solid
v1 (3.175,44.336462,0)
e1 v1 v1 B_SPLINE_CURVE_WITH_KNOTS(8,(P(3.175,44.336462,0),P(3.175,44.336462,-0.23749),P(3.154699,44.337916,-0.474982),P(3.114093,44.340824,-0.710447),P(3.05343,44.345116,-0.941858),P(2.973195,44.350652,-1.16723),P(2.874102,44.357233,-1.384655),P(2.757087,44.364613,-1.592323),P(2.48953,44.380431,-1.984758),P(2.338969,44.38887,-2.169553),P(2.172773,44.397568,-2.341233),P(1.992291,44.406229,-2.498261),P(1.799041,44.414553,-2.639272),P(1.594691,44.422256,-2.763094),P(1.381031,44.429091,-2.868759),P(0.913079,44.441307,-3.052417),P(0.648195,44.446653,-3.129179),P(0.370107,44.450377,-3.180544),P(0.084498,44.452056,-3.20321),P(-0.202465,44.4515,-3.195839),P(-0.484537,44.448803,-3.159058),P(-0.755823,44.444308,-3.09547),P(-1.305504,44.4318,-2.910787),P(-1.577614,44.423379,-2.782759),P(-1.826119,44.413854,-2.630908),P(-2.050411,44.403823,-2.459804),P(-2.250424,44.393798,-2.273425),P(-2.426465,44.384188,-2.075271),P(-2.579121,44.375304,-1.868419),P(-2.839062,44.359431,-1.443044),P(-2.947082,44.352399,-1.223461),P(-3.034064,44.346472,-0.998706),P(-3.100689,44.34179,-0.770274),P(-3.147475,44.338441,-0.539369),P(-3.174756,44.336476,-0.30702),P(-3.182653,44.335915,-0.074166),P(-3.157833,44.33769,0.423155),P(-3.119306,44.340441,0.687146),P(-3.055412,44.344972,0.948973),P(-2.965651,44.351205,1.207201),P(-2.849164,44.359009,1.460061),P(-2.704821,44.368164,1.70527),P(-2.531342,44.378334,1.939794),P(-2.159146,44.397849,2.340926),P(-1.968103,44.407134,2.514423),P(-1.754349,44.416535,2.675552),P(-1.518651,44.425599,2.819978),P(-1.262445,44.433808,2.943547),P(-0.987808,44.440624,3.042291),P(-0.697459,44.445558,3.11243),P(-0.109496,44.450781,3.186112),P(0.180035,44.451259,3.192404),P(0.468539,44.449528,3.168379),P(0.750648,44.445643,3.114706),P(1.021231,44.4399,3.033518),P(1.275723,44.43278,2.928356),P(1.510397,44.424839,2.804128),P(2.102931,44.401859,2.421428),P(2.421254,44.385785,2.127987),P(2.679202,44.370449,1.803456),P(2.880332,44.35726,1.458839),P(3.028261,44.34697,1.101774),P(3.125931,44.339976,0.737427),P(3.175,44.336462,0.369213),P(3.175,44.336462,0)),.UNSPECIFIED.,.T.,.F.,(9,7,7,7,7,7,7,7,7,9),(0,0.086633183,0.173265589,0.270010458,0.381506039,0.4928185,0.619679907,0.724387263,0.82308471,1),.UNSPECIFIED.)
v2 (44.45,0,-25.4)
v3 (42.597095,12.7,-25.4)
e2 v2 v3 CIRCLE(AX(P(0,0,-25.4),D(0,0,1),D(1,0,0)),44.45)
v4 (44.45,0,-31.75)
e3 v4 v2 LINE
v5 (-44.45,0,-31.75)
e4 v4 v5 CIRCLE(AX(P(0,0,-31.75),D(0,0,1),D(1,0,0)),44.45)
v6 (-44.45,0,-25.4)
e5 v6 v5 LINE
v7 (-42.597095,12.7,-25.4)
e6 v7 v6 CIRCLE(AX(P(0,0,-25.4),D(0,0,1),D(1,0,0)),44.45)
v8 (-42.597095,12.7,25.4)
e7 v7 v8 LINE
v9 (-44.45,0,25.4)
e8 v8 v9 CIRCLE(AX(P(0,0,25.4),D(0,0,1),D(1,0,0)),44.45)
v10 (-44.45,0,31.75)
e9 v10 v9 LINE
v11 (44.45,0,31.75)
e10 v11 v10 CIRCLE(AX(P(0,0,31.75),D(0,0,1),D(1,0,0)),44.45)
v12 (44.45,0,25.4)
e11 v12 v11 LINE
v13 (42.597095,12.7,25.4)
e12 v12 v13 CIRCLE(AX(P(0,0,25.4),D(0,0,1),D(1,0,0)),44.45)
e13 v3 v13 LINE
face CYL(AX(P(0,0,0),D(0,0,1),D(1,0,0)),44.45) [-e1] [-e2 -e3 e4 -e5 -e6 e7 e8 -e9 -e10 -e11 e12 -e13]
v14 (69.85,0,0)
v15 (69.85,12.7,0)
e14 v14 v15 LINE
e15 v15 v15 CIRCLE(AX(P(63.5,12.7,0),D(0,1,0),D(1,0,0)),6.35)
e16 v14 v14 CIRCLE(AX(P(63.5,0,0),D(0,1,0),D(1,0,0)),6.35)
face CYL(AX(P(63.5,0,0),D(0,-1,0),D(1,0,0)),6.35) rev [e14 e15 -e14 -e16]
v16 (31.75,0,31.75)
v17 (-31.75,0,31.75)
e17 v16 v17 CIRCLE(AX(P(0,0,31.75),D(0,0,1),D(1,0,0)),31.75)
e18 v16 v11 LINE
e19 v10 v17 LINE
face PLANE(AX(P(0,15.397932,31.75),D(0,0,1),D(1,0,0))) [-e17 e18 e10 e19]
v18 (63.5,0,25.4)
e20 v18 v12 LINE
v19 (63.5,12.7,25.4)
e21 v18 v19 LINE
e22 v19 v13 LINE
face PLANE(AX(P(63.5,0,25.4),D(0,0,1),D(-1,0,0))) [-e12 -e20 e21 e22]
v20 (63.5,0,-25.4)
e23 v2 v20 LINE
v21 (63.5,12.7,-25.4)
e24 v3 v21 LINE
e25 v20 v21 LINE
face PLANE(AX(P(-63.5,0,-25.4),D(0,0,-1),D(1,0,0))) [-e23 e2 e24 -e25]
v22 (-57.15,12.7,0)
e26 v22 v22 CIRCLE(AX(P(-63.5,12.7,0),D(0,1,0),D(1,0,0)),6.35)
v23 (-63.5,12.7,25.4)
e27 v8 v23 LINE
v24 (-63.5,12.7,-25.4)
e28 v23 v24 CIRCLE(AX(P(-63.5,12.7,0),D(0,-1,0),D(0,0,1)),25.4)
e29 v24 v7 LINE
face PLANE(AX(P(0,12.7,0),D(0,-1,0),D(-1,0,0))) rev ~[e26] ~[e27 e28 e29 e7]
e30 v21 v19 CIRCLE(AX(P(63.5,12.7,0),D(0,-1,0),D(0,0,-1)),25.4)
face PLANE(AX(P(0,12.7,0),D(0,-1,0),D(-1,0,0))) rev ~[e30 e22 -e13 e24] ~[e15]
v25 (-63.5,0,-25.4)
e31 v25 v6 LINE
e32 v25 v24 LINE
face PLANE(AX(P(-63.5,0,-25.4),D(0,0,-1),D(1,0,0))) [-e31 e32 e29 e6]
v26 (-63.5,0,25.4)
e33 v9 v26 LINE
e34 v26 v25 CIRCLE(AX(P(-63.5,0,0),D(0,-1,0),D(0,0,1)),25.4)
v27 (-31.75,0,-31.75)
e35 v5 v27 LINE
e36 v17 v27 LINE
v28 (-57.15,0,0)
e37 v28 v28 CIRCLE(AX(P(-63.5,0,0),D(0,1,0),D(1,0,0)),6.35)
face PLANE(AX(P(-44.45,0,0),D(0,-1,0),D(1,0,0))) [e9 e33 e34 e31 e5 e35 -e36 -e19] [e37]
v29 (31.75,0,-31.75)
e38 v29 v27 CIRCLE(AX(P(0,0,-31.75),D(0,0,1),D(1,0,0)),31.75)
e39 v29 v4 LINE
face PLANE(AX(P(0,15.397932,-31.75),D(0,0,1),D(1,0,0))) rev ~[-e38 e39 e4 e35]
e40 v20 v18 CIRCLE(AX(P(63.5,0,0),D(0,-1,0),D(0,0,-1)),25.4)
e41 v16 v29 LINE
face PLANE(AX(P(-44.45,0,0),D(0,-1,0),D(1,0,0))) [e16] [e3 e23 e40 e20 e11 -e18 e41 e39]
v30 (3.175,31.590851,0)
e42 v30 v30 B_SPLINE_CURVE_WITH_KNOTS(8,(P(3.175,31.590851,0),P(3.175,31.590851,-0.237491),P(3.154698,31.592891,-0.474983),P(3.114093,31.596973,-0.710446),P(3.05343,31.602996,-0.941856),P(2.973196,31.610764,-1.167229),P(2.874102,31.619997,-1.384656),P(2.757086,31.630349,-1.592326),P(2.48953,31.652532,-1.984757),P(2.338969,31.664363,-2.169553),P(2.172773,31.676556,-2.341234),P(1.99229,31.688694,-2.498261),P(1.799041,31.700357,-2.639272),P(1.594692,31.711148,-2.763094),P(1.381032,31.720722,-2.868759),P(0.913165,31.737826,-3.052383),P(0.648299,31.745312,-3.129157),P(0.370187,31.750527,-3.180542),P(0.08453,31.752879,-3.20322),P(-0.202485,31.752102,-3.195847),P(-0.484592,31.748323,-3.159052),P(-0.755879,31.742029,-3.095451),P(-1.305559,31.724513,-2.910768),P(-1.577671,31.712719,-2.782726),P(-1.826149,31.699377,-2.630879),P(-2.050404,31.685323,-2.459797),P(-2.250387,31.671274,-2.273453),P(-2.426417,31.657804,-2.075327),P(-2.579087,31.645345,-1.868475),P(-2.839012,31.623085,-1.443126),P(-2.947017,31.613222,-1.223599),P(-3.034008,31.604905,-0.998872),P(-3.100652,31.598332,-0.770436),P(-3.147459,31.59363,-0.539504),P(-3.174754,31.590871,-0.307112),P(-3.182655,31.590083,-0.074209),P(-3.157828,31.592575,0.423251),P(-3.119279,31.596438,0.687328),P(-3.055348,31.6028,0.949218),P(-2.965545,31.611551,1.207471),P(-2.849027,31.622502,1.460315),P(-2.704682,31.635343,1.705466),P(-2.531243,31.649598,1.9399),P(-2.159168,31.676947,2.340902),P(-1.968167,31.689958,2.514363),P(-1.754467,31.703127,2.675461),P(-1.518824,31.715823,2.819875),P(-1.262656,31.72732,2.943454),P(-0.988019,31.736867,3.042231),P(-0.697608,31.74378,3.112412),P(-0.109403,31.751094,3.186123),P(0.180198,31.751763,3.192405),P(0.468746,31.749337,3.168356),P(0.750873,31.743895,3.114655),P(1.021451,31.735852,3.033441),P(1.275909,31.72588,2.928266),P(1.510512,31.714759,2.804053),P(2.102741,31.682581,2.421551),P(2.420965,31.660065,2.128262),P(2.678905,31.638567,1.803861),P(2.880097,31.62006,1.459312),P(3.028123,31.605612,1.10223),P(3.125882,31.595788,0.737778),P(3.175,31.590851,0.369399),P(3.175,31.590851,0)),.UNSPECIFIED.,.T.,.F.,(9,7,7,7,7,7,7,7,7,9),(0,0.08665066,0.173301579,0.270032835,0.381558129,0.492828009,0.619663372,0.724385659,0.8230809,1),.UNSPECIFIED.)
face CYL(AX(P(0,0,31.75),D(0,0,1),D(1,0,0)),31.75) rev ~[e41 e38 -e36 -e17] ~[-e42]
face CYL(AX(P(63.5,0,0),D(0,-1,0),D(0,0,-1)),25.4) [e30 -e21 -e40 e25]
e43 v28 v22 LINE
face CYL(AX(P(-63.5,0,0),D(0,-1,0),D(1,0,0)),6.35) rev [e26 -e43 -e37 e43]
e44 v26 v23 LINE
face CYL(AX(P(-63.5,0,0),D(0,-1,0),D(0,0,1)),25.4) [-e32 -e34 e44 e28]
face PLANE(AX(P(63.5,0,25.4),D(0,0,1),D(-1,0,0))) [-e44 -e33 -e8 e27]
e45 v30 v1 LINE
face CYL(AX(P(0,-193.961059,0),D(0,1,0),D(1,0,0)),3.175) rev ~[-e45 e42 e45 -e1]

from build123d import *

# Parameters (mm, degrees)
SLOTSKETCH_R      = 6.35
SLOTEXTRUDE_DEPTH = 12.7
ARCEXTRUDE_DEPTH  = 31.75
CENTERDRILL_D     = 6.35
ARCPROFILE_DEPTH  = 64.5000001


with BuildPart() as part:
    # slotSketch → slotExtrude (new body)
    with BuildSketch(Plane(origin=(0, 0, 0), x_dir=(1, 0, 0), z_dir=(0, 1, 0))):
        with BuildLine():
            Line((-63.5, 25.4), (63.5, 25.4))
            ThreePointArc((63.5, 25.4), (88.9, 0), (63.5, -25.4))
            Line((63.5, -25.4), (-63.5, -25.4))
            ThreePointArc((-63.5, -25.4), (-88.9, 0), (-63.5, 25.4))
        make_face()
        with Locations((63.5, 0)):
            Circle(SLOTSKETCH_R, mode=Mode.SUBTRACT)
        with Locations((-63.5, 0)):
            Circle(SLOTSKETCH_R, mode=Mode.SUBTRACT)
    extrude(amount=SLOTEXTRUDE_DEPTH)

    # Sketch3 → arcExtrude (add, symmetric)
    with BuildSketch(Plane.XY):
        with BuildLine():
            Line((-44.45, 0), (44.45, 0))
            ThreePointArc((44.45, 0), (0, 44.45), (-44.45, 0))
        make_face()
    extrude(amount=ARCEXTRUDE_DEPTH, both=True)

    # centerDrill (through all)
    with Locations(Plane(origin=(0, 0, 0), x_dir=(-1, 0, 0), z_dir=(0, -1, 0))):
        with Locations((0, 0)):
            Hole(CENTERDRILL_D / 2)

    # Sketch7 → arcProfile (cut, through all)
    with BuildSketch(Plane.XY.offset(31.75)):
        with BuildLine():
            Line((-31.75, 0), (31.75, 0))
            ThreePointArc((31.75, 0), (0, 31.75), (-31.75, 0))
        make_face()
    extrude(amount=-ARCPROFILE_DEPTH, mode=Mode.SUBTRACT)


solid = part.part
